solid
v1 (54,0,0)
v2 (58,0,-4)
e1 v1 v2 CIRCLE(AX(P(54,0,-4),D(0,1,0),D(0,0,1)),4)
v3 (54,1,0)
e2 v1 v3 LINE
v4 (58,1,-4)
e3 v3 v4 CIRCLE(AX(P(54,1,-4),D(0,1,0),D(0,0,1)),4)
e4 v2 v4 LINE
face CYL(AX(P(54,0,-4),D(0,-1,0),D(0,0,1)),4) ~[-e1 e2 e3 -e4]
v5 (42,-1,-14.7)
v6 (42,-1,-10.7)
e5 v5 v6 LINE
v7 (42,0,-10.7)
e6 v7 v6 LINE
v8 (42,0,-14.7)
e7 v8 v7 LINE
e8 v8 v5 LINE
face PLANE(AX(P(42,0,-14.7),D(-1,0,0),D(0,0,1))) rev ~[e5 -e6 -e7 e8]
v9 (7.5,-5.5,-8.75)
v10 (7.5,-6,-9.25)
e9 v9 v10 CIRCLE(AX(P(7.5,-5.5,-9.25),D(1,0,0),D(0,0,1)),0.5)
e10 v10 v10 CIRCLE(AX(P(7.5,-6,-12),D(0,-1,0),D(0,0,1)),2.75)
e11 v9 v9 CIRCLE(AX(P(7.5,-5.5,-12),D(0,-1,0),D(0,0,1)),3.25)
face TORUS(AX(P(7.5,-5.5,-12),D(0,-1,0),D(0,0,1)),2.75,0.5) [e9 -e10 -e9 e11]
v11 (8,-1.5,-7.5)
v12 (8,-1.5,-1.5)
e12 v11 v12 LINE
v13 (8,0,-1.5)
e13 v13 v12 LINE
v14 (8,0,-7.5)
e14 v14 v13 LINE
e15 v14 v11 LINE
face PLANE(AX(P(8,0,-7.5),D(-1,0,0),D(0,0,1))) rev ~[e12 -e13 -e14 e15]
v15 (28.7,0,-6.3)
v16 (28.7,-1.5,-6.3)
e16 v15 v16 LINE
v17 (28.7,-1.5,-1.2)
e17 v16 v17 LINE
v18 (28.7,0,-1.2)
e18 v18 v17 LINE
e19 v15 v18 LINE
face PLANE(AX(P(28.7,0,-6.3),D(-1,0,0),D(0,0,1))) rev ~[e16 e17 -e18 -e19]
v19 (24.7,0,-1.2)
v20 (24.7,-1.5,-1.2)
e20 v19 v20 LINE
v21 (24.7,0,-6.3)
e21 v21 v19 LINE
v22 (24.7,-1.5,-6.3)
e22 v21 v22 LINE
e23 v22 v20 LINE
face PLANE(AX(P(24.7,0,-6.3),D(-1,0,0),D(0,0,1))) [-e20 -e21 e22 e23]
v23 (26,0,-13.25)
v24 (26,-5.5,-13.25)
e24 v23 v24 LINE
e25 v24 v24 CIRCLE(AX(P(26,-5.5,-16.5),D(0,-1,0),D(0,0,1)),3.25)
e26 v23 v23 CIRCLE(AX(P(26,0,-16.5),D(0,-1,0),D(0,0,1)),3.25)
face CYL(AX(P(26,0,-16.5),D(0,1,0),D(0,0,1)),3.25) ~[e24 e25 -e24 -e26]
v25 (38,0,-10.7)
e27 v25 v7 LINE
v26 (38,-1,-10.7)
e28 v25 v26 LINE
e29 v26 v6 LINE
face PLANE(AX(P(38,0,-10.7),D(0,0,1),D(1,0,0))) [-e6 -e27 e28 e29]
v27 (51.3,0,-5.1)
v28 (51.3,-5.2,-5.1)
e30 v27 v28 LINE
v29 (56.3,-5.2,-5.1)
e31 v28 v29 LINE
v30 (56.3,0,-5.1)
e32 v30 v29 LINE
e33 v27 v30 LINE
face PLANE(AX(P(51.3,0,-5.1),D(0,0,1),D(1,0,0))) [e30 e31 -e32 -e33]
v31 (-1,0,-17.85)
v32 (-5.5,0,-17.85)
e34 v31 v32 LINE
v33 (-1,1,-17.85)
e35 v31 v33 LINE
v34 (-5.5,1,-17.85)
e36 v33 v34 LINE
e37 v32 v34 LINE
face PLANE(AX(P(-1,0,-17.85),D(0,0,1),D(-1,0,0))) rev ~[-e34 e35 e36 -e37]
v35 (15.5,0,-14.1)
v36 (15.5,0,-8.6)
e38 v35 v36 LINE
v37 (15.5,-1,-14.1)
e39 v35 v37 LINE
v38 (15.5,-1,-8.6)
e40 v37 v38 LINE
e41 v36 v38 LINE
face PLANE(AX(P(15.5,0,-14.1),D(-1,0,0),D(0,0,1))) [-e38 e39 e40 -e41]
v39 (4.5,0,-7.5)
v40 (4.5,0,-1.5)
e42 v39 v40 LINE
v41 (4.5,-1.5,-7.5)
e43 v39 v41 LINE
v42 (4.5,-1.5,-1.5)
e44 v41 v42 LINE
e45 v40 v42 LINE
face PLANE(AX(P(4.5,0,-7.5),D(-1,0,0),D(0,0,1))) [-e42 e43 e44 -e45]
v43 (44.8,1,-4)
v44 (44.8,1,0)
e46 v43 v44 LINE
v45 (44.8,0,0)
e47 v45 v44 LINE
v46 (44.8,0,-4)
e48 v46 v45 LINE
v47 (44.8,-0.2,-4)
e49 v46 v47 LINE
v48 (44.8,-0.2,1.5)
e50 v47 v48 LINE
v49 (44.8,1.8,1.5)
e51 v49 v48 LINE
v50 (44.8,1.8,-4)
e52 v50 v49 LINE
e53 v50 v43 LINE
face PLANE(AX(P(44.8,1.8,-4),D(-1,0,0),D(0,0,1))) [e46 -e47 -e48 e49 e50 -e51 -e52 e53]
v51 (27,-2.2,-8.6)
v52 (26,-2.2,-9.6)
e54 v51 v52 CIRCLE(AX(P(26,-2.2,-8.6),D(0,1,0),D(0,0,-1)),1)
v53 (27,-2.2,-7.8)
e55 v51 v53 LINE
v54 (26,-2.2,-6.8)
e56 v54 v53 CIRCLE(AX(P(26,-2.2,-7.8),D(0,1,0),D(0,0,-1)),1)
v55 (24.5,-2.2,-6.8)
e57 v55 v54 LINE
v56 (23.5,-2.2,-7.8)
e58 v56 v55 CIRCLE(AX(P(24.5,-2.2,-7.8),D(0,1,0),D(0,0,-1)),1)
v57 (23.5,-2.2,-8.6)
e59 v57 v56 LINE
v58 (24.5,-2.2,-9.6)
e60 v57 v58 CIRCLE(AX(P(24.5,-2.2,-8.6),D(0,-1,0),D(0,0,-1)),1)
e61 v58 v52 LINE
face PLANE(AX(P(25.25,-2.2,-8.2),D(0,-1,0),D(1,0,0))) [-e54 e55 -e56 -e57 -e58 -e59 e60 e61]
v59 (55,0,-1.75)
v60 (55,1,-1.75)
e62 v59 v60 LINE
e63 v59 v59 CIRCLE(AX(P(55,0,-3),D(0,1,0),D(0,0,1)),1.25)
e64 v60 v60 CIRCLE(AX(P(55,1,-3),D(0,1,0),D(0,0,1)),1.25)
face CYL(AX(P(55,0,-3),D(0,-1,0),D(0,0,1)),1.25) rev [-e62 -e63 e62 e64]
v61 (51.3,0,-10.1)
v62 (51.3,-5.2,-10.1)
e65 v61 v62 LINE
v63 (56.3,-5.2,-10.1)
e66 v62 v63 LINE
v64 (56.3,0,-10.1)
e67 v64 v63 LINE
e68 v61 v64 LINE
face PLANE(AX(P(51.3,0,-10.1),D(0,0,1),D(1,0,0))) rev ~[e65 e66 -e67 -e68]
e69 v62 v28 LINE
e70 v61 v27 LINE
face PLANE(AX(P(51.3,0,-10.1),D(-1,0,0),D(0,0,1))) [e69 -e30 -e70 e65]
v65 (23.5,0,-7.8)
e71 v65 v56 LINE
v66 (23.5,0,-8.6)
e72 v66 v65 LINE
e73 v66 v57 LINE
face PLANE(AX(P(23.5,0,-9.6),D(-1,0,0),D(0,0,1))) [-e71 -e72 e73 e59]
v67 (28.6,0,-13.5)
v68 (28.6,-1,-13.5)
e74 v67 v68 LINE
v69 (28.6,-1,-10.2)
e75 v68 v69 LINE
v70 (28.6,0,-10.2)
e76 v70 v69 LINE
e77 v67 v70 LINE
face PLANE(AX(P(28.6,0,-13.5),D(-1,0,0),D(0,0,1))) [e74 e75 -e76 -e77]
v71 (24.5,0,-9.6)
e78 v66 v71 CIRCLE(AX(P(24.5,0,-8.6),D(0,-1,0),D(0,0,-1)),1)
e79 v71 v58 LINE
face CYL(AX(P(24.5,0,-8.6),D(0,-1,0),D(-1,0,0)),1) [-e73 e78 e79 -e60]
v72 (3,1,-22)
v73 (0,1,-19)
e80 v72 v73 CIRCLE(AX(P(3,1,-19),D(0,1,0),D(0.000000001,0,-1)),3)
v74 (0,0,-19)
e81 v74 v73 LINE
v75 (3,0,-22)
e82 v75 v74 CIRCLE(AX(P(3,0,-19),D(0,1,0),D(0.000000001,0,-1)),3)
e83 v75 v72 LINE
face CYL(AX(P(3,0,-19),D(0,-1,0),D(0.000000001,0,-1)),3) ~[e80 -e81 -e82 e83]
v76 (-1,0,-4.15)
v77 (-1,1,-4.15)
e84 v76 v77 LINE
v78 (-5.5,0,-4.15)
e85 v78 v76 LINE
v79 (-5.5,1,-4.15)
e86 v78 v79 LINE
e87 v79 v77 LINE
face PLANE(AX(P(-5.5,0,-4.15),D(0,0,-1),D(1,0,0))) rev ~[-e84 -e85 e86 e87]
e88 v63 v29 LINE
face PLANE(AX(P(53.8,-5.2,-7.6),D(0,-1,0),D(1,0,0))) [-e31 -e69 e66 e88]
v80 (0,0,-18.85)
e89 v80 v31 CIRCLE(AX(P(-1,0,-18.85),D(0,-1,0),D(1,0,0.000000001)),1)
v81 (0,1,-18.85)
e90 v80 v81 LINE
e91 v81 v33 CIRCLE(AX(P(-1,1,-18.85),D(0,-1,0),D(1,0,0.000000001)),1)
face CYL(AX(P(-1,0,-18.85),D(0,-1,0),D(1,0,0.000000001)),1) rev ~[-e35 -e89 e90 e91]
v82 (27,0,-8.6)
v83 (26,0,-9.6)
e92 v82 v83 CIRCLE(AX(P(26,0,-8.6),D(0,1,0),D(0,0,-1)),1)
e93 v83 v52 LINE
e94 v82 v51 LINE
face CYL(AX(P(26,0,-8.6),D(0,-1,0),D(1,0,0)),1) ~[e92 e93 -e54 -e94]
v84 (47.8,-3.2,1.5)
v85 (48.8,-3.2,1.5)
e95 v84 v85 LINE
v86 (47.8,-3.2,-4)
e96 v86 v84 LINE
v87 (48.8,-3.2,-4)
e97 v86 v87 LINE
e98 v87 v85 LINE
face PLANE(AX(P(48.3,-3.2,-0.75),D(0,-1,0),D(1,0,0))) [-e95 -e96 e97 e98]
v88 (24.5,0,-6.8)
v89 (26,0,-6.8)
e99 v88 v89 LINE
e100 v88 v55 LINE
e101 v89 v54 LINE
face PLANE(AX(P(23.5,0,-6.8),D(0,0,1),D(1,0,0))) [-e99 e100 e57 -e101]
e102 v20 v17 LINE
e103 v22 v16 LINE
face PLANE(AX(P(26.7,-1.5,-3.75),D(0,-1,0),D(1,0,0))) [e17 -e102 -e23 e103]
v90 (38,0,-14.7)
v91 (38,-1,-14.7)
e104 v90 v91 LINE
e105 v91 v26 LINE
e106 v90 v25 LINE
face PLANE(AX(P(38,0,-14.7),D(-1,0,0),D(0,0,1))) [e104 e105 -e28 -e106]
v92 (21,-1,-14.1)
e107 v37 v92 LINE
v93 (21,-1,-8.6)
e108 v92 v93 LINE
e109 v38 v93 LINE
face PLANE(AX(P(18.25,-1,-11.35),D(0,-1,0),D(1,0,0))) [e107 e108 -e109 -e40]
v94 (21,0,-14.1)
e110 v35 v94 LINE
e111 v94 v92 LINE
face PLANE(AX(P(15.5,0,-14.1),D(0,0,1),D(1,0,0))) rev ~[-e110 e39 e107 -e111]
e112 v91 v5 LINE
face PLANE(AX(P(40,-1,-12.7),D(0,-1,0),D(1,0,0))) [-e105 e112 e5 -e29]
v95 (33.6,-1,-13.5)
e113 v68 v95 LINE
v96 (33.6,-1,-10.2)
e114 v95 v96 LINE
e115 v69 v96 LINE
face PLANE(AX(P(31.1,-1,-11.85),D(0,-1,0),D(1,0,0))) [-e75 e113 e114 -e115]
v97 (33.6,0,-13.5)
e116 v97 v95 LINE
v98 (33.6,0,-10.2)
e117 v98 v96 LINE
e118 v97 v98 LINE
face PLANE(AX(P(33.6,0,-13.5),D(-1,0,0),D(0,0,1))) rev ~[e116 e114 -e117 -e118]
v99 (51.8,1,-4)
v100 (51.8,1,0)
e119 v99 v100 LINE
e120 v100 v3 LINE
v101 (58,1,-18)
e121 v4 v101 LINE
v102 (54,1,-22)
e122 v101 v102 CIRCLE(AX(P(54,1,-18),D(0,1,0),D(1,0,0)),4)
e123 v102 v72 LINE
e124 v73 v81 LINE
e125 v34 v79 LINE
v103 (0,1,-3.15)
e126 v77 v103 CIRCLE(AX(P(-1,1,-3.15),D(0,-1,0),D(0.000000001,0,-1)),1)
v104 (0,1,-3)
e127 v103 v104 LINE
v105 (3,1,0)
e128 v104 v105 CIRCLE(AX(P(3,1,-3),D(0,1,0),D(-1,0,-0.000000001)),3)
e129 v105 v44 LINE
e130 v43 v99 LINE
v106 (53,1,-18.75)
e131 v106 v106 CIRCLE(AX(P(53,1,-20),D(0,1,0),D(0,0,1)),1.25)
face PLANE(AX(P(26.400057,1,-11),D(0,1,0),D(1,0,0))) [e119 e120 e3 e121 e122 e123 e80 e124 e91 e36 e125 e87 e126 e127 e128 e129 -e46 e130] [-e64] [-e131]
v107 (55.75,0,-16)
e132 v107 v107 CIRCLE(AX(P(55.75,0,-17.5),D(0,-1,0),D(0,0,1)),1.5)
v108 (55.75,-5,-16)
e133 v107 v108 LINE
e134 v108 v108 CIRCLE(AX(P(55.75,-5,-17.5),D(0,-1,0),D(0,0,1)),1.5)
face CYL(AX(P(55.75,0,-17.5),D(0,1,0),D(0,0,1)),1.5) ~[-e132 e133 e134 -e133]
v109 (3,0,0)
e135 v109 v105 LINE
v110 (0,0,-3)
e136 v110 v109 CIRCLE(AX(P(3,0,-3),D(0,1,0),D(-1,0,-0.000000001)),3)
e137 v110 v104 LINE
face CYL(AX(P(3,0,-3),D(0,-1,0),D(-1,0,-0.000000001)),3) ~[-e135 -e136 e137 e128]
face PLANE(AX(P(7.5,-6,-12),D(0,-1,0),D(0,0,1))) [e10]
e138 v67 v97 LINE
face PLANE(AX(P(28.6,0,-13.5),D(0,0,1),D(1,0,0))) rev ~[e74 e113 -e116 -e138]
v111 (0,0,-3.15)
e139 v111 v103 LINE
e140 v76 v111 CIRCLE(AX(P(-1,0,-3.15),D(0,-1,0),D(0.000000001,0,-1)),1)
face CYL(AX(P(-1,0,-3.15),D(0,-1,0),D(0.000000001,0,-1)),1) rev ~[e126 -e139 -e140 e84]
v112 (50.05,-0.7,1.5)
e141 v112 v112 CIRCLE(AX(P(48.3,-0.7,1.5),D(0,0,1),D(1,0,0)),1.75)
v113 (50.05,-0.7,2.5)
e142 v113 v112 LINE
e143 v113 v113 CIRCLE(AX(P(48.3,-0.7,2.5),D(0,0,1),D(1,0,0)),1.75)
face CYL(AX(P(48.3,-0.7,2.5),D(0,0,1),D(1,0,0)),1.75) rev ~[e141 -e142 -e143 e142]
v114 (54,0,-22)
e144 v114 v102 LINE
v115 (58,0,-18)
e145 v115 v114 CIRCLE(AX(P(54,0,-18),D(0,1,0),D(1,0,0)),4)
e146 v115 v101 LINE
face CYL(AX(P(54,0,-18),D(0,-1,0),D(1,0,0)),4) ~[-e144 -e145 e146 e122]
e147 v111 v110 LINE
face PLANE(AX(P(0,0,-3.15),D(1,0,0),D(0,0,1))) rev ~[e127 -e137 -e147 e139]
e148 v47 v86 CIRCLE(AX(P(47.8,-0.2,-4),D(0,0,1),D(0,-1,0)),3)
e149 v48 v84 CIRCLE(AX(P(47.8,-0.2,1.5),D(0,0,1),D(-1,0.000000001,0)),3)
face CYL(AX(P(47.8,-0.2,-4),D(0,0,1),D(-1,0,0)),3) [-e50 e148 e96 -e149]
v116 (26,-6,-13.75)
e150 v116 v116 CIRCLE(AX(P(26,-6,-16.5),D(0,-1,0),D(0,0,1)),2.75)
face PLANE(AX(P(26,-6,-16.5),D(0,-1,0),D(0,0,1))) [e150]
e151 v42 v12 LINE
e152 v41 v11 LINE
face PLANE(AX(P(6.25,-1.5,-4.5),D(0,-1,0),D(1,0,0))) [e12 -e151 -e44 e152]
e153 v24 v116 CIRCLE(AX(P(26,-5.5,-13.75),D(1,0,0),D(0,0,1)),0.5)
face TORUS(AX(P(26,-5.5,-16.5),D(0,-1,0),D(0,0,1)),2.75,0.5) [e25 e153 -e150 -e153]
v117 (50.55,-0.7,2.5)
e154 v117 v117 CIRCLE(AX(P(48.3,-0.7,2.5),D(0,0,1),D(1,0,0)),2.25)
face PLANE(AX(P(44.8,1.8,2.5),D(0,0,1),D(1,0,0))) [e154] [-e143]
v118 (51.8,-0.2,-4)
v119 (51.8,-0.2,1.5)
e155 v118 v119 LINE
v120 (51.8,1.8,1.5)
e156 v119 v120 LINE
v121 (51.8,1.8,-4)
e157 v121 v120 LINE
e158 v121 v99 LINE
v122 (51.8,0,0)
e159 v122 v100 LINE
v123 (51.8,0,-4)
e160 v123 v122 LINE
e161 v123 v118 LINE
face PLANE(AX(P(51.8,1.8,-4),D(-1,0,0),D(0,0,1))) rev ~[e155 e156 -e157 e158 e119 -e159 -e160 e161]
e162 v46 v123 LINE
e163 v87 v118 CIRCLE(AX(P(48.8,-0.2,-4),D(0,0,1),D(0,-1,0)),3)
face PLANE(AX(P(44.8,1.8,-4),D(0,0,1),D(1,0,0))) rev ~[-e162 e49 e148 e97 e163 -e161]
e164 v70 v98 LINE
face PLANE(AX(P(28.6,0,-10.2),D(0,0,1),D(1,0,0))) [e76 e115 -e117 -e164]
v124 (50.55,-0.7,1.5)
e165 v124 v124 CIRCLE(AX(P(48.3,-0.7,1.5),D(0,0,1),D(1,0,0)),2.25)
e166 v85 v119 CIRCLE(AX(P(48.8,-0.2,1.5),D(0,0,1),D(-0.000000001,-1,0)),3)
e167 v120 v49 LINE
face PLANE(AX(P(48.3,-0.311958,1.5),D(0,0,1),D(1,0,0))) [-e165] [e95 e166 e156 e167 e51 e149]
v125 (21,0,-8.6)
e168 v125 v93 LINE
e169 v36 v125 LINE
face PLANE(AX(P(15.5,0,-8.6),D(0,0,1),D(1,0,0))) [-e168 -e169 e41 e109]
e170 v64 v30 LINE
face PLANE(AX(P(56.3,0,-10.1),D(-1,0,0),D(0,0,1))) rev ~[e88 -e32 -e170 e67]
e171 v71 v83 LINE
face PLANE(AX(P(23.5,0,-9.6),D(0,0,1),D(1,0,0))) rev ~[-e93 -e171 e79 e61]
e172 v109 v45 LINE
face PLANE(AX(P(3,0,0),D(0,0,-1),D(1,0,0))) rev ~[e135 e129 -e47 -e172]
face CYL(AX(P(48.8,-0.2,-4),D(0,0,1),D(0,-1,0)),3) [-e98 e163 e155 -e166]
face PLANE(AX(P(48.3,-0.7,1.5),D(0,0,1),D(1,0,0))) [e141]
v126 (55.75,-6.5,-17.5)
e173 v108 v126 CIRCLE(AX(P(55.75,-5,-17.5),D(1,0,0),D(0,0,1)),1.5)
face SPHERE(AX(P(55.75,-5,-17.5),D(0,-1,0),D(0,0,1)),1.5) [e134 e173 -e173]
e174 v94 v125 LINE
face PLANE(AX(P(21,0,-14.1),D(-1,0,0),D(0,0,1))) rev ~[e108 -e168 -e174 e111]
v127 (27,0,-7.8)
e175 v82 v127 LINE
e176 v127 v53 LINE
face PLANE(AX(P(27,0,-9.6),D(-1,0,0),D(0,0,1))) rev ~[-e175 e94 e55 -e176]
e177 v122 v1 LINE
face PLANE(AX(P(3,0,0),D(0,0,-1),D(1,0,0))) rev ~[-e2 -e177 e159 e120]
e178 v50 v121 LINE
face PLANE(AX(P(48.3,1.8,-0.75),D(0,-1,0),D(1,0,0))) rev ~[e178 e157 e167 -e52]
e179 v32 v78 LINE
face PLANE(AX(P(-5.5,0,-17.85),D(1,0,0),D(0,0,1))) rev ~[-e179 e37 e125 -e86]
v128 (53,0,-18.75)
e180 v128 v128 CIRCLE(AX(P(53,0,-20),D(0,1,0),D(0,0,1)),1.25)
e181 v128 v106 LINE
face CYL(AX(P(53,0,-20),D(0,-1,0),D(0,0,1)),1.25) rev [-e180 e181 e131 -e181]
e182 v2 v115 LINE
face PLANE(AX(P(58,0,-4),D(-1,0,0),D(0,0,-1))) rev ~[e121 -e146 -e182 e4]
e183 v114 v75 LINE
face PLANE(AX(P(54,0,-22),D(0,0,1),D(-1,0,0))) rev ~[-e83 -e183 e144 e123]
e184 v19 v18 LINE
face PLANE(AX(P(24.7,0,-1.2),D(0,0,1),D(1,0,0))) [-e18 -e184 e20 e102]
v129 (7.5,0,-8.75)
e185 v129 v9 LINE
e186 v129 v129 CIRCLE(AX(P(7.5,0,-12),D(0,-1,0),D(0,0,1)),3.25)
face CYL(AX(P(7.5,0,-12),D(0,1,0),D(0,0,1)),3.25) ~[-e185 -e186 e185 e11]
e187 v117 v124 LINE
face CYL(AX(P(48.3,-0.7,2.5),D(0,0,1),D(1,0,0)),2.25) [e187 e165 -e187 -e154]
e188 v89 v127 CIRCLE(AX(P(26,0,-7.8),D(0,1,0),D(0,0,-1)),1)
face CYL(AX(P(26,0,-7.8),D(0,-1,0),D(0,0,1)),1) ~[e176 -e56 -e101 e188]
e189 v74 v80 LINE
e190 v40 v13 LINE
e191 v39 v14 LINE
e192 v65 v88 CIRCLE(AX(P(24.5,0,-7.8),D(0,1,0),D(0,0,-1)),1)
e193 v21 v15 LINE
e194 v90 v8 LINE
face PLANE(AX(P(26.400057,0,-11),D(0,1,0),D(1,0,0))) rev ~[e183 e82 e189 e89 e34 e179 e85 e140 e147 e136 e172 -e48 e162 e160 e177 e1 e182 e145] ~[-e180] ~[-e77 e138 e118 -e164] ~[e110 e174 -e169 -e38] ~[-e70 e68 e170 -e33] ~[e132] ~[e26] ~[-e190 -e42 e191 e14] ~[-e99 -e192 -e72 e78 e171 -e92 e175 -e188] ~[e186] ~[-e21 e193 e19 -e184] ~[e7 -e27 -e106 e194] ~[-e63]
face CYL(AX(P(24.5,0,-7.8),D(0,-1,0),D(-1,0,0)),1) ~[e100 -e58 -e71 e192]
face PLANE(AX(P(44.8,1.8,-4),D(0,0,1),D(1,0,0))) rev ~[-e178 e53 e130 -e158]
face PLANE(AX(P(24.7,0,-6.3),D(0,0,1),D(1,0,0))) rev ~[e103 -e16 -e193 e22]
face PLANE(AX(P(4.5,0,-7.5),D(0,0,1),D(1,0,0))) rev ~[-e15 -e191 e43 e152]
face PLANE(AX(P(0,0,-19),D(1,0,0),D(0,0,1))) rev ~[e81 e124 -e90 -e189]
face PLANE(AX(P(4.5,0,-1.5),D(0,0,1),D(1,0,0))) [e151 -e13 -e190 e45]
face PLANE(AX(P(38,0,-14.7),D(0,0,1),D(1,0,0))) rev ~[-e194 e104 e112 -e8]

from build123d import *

# Parameters (mm, degrees)
SKETCH_1_R          = 1.25
EXTRUDE_1_DEPTH     = 1
SKETCH_2_R          = 1.5
EXTRUDE_2_DEPTH     = 6.5
FILLET_1_R          = 1.5
SKETCH_3_R          = 3.25
EXTRUDE_3_DEPTH     = 6
FILLET_2_R          = 0.5
SKETCH_4_W          = 5
SKETCH_4_H          = 5
EXTRUDE_4_DEPTH     = 5.2
SKETCH_5_W          = 4
SKETCH_5_H          = 4
SKETCH_5_W_2        = 5.5
SKETCH_5_H_2        = 5.5
SKETCH_5_W_3        = 5
SKETCH_5_H_3        = 3.3
EXTRUDE_5_DEPTH     = 1
SKETCH_6_W          = 3.5
SKETCH_6_H          = 2.8
EXTRUDE_6_DEPTH     = 2.2
FILLET_3_R          = 1
EXTRUDE_START       = -1.8
SKETCH_7_W          = 7
SKETCH_7_H          = 6.5
EXTRUDE_7_DEPTH     = 5
FILLET_4_R          = 3
SKETCH_8_R          = 2.25
SKETCH_8_R_2        = 1.75
CUT_EXTRUDE_1_DEPTH = 1
SKETCH_9_W          = 3.5
SKETCH_9_H          = 6
SKETCH_9_W_2        = 4
SKETCH_9_H_2        = 5.1
EXTRUDE_8_DEPTH     = 1.5


with BuildPart() as part:
    # Эскиз1 → Бобышка-Вытянуть1 (new body)
    with BuildSketch(Plane(origin=(0, 0, 0), x_dir=(1, 0, 0), z_dir=(0, 1, 0))):
        with BuildLine():
            Line((3, 0), (54, 0))
            ThreePointArc((54, 0), (56.828427125, 1.171572875), (58, 4))
            Line((58, 4), (58, 18))
            ThreePointArc((58, 18), (56.828427125, 20.828427125), (54, 22))
            Line((54, 22), (3, 22))
            ThreePointArc((3, 22), (0.878679656, 21.121320344), (0, 19))
            Line((0, 19), (0, 18.85))
            ThreePointArc((0, 18.85), (-0.292893219, 18.142893219), (-1, 17.85))
            Line((-1, 17.85), (-5.5, 17.85))
            Line((-5.5, 17.85), (-5.5, 4.15))
            Line((-5.5, 4.15), (-1, 4.15))
            ThreePointArc((-1, 4.15), (-0.292893219, 3.857106781), (0, 3.15))
            Line((0, 3.15), (0, 3))
            ThreePointArc((0, 3), (0.878679656, 0.878679656), (3, 0))
        make_face()
        with Locations(Location((53, 20, 0), (0, 0, 270))):
            Circle(SKETCH_1_R, mode=Mode.SUBTRACT)
        with Locations(Location((55, 3, 0), (0, 0, 270))):
            Circle(SKETCH_1_R, mode=Mode.SUBTRACT)
    extrude(amount=EXTRUDE_1_DEPTH)

    # Эскиз2 → Бобышка-Вытянуть2 (add)
    with BuildSketch(Plane.XZ):
        with Locations(Location((55.75, -17.5, 0), (0, 0, 90))):
            Circle(SKETCH_2_R)
    extrude(amount=EXTRUDE_2_DEPTH)

    # Скругление1
    fillet_1_edges = [part.edges().sort_by_distance(p)[0] for p in [
        (55.75, -6.5, -19),
    ]]
    fillet(fillet_1_edges, radius=FILLET_1_R)

    # Эскиз3 → Бобышка-Вытянуть3 (add)
    with BuildSketch(Plane.XZ):
        with Locations(Location((7.5, -12, 0), (0, 0, 90))):
            Circle(SKETCH_3_R)
        with Locations(Location((26, -16.5, 0), (0, 0, 90))):
            Circle(SKETCH_3_R)
    extrude(amount=EXTRUDE_3_DEPTH)

    # Скругление2
    fillet_2_edges = [part.edges().sort_by_distance(p)[0] for p in [
        (7.5, -6, -15.25),
        (26, -6, -19.75),
    ]]
    fillet(fillet_2_edges, radius=FILLET_2_R)

    # Эскиз4 → Бобышка-Вытянуть4 (add)
    with BuildSketch(Plane.XZ):
        with Locations((53.8, -7.6)):
            Rectangle(SKETCH_4_W, SKETCH_4_H)
    extrude(amount=EXTRUDE_4_DEPTH)

    # Эскиз5 → Бобышка-Вытянуть5 (add)
    with BuildSketch(Plane.XZ):
        with Locations((40, -12.7)):
            Rectangle(SKETCH_5_W, SKETCH_5_H)
        with Locations((18.25, -11.35)):
            Rectangle(SKETCH_5_W_2, SKETCH_5_H_2)
        with Locations((31.1, -11.85)):
            Rectangle(SKETCH_5_W_3, SKETCH_5_H_3)
    extrude(amount=EXTRUDE_5_DEPTH)

    # Эскиз6 → Бобышка-Вытянуть6 (add)
    with BuildSketch(Plane.XZ):
        with Locations((25.25, -8.2)):
            Rectangle(SKETCH_6_W, SKETCH_6_H)
    extrude(amount=EXTRUDE_6_DEPTH)

    # Скругление3
    fillet_3_edges = [part.edges().sort_by_distance(p)[0] for p in [
        (23.5, -1.1, -6.8),
        (23.5, -1.1, -9.6),
        (27, -1.1, -9.6),
        (27, -1.1, -6.8),
    ]]
    fillet(fillet_3_edges, radius=FILLET_3_R)

    # Эскиз7 → Бобышка-Вытянуть7 (add)
    with BuildSketch(Plane.XZ.offset(EXTRUDE_START)):
        with Locations((48.3, -0.75)):
            Rectangle(SKETCH_7_W, SKETCH_7_H)
    extrude(amount=EXTRUDE_7_DEPTH)

    # Скругление4
    fillet_4_edges = [part.edges().sort_by_distance(p)[0] for p in [
        (44.8, -3.2, -0.75),
        (51.8, -3.2, -0.75),
    ]]
    fillet(fillet_4_edges, radius=FILLET_4_R)

    # Эскиз8 → Вырез-Вытянуть1 (cut)
    # profile 1 of 2: a face of its own
    with BuildSketch(Plane.XY.offset(2.5)):
        with BuildLine():
            ThreePointArc((44.8, -0.2), (45.678679656, -2.321320344), (47.8, -3.2))
            Line((47.8, -3.2), (48.8, -3.2))
            ThreePointArc((48.8, -3.2), (50.921320344, -2.321320344), (51.8, -0.2))
            Line((51.8, -0.2), (51.8, 1.8))
            Line((51.8, 1.8), (44.8, 1.8))
            Line((44.8, 1.8), (44.8, -0.2))
        make_face()
        with Locations((48.3, -0.7)):
            Circle(SKETCH_8_R, mode=Mode.SUBTRACT)
    # profile 2 of 2: a face of its own
    with BuildSketch(Plane.XY.offset(2.5)):
        with Locations((48.3, -0.7)):
            Circle(SKETCH_8_R_2)
    extrude(amount=-CUT_EXTRUDE_1_DEPTH, mode=Mode.SUBTRACT)

    # Эскиз9 → Бобышка-Вытянуть8 (add)
    with BuildSketch(Plane.XZ):
        with Locations((6.25, -4.5)):
            Rectangle(SKETCH_9_W, SKETCH_9_H)
        with Locations((26.7, -3.75)):
            Rectangle(SKETCH_9_W_2, SKETCH_9_H_2)
    extrude(amount=EXTRUDE_8_DEPTH)


solid = part.part
